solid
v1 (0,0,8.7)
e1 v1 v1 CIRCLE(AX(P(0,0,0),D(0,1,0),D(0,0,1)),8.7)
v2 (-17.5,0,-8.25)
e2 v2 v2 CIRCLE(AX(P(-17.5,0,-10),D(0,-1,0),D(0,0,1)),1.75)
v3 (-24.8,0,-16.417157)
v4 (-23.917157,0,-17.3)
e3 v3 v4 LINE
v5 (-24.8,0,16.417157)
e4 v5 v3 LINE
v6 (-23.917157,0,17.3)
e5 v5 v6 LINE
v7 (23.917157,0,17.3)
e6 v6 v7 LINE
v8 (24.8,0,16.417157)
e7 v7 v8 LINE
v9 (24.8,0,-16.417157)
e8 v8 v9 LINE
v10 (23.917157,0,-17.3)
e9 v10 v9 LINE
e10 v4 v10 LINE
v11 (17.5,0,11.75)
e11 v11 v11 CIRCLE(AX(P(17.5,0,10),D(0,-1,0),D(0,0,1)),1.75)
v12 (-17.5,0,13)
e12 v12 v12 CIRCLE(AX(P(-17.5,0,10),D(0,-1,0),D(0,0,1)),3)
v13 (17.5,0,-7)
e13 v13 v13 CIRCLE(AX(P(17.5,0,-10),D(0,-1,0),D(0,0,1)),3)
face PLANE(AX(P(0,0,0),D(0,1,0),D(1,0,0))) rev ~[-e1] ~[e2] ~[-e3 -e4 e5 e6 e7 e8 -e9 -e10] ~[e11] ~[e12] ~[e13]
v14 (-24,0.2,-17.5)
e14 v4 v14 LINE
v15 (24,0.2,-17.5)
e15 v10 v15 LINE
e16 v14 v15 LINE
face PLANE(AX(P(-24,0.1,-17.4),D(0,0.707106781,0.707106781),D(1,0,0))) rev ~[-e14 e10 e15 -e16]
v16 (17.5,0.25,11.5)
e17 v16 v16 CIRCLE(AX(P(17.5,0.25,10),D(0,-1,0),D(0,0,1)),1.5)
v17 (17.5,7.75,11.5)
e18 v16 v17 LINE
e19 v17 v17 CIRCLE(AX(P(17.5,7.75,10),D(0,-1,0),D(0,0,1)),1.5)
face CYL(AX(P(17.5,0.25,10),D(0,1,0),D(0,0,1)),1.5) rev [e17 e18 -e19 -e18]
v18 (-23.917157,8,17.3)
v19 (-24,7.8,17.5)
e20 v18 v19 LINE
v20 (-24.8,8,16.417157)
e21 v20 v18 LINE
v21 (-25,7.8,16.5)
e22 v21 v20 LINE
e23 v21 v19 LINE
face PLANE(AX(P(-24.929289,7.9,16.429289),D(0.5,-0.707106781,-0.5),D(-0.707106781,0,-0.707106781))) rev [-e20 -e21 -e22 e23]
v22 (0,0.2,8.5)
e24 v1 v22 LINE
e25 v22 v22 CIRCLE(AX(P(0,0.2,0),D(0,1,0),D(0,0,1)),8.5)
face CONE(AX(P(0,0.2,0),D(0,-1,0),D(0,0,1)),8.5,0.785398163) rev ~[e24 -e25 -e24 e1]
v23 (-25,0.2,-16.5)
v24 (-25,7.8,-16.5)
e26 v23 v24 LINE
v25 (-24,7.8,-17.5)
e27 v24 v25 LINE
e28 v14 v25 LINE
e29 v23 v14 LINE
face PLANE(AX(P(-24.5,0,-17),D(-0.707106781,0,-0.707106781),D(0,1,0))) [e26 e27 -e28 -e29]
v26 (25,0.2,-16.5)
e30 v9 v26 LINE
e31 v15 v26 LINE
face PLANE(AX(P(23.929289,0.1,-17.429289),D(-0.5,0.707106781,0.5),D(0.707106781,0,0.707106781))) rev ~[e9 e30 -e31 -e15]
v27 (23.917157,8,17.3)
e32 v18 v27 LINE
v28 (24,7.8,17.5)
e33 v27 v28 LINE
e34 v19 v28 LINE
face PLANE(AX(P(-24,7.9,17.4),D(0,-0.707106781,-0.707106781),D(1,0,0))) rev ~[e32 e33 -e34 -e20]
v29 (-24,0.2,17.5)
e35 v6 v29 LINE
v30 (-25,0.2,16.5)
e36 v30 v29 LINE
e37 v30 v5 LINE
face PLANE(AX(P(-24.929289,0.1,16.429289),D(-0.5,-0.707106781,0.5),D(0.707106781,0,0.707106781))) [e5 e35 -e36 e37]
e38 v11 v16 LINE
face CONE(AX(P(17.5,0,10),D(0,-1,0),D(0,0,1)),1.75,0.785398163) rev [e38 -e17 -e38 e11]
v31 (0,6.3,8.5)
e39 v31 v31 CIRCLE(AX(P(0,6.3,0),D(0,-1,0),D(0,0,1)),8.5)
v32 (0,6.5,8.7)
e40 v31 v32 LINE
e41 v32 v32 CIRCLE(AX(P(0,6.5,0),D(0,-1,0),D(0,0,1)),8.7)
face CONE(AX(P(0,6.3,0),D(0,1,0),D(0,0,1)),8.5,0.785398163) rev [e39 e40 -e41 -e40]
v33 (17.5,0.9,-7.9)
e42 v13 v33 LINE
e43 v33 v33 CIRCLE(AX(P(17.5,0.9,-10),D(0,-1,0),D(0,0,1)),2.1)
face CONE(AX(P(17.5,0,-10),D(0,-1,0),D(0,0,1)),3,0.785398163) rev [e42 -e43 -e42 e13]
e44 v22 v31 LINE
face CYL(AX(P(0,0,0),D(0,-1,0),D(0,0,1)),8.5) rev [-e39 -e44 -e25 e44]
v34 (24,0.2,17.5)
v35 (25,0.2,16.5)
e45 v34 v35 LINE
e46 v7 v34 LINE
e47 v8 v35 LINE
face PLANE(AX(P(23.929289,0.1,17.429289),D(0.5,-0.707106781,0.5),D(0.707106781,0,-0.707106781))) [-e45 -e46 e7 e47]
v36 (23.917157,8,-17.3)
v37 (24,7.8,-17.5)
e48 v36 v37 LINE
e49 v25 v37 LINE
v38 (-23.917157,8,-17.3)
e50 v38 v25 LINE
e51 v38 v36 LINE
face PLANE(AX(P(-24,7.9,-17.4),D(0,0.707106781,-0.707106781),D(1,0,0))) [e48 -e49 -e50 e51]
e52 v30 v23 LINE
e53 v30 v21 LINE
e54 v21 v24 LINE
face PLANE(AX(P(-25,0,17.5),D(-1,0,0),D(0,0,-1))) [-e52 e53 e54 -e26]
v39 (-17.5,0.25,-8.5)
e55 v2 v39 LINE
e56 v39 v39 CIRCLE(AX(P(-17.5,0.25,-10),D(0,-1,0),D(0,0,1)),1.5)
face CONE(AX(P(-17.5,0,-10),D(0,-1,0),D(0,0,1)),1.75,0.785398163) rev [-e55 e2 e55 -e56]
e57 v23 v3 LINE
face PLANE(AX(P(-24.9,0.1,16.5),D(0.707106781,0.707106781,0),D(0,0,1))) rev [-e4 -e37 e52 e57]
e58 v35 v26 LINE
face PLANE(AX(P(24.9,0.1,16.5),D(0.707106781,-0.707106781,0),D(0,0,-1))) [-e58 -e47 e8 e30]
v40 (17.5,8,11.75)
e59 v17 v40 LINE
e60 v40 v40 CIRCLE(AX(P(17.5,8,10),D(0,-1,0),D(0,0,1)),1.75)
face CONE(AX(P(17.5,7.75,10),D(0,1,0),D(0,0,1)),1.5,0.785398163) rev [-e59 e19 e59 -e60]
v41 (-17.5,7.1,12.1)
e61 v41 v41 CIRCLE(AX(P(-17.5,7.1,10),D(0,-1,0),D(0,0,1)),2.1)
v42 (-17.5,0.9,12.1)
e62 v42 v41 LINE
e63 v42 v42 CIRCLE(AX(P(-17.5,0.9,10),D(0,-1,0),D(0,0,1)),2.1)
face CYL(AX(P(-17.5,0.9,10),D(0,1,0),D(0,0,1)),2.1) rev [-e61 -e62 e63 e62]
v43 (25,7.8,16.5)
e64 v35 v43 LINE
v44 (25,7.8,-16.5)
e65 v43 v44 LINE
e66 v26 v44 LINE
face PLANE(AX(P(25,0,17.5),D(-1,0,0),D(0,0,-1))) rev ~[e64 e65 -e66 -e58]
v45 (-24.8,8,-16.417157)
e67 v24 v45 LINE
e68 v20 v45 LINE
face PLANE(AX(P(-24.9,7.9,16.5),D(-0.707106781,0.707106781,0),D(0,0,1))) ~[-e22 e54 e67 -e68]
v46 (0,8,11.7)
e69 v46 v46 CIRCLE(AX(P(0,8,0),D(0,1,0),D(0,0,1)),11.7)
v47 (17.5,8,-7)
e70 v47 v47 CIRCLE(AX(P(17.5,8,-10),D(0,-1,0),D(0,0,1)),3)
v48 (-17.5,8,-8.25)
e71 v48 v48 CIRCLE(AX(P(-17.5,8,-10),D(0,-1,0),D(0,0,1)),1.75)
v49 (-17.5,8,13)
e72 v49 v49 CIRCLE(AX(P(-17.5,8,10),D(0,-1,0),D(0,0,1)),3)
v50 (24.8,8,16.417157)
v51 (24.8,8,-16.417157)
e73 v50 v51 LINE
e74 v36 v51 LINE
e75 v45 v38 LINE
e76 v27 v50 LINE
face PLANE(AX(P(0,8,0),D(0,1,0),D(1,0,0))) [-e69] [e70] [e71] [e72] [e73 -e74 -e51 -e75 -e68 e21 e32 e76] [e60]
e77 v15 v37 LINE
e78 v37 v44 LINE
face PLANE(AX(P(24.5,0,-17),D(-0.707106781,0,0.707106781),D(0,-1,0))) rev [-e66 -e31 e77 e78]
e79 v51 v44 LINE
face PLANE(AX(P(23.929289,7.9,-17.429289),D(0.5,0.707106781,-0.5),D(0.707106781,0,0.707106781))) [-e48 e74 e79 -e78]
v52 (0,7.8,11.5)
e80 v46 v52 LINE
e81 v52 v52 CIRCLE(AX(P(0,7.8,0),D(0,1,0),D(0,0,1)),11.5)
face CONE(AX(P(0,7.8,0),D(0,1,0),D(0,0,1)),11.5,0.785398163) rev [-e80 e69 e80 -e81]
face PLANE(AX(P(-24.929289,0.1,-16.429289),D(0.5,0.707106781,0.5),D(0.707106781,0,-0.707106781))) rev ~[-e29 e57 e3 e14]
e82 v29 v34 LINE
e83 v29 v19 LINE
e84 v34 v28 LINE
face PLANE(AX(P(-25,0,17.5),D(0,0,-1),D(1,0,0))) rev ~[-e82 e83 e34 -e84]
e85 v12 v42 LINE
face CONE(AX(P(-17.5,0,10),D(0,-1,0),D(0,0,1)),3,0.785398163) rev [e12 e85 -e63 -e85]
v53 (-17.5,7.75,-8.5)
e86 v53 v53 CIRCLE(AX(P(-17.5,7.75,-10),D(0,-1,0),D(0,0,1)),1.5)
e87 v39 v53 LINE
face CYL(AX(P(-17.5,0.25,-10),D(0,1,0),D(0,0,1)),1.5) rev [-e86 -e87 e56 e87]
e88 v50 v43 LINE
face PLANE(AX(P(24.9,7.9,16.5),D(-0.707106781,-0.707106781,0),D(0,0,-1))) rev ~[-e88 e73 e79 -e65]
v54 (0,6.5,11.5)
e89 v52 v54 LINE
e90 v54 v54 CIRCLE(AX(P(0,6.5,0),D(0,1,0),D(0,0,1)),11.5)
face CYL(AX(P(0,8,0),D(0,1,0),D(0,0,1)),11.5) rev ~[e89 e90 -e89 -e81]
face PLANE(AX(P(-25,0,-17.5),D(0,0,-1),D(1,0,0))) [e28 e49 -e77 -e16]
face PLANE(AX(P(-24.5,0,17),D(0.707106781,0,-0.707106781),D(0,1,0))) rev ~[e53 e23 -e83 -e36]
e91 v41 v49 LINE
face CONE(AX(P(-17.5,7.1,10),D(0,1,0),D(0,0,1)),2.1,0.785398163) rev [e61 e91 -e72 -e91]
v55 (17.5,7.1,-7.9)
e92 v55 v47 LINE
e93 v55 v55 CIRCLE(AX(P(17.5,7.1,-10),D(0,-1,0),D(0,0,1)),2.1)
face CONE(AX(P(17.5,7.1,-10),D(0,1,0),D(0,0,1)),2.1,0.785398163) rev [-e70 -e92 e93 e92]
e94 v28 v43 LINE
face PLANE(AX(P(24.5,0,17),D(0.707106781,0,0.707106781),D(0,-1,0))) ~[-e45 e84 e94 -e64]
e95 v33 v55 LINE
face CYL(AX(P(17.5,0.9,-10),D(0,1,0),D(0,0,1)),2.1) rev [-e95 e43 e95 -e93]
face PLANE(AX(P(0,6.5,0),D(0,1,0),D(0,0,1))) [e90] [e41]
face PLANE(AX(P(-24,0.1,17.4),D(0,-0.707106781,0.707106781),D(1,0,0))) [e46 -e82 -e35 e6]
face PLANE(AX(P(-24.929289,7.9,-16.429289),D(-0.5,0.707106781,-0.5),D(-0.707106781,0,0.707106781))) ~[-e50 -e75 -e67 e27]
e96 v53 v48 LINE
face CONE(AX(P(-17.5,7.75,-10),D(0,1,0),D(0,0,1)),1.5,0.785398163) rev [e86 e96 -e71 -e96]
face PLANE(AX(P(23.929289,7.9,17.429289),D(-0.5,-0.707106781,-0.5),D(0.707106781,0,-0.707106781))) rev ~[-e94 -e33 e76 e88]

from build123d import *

# Parameters (mm, degrees)
SKETCH1_W                      = 50
SKETCH1_H                      = 35
SKETCH1_R                      = 8.5
BOSS_EXTRUDE1_DEPTH            = 8
F_3_0MM_DOWEL_HOLE1_AT_2_COUNT = 2
F_3_0MM_DOWEL_HOLE1_AT_2_PITCH = 40.311288741
M5X0_8_TAPPED_HOLE1_AT_2_COUNT = 2
M5X0_8_TAPPED_HOLE1_AT_2_PITCH = 40.311288741
SKETCH6_R                      = 11.5
CUT_EXTRUDE1_DEPTH             = 1.5
CHAMFER1_SIZE                  = 1
CHAMFER2_SIZE                  = 0.2


with BuildPart() as part:
    # Sketch1 → Boss-Extrude1 (new body)
    with BuildSketch(Plane(origin=(0, 0, 0), x_dir=(1, 0, 0), z_dir=(0, 1, 0))):
        Rectangle(SKETCH1_W, SKETCH1_H)
        with Locations(Location((0, 0, 0), (0, 0, 270))):
            Circle(SKETCH1_R, mode=Mode.SUBTRACT)
    extrude(amount=BOSS_EXTRUDE1_DEPTH)

    # Sketch3 → Ø3.0mm Dowel Hole1 (revolve, cut)
    with BuildSketch(Plane(origin=(-17.5, 8, -10), x_dir=(0, 0, 1), z_dir=(1, 0, 0))):
        Polygon((0, 0), (0, 8), (1.75, 8), (1.5, 7.75), (1.5, 0.25), (1.75, 0), align=None)
    f_3_0mm_dowel_hole1 = revolve(axis=Axis((-17.5, 14.35, -10), (0, -1, 0)), mode=Mode.SUBTRACT)

    # Ø3.0mm Dowel Hole1 at 2: Ø3.0mm Dowel Hole1 ×2
    with Locations(*[Vector(0.8682431421244593, 0, 0.49613893835683387) * (i * F_3_0MM_DOWEL_HOLE1_AT_2_PITCH) for i in range(1, F_3_0MM_DOWEL_HOLE1_AT_2_COUNT)]):
        add(f_3_0mm_dowel_hole1, mode=Mode.SUBTRACT)

    # Sketch5 → M5x0.8 Tapped Hole1 (revolve, cut)
    with BuildSketch(Plane(origin=(17.5, 8, -10), x_dir=(0, 0, 1), z_dir=(1, 0, 0))):
        Polygon((0, 0), (0, 8), (3, 8), (2.1, 7.1), (2.1, 0.9), (3, 0), align=None)
    m5x0_8_tapped_hole1 = revolve(axis=Axis((17.5, 14.35, -10), (0, -1, 0)), mode=Mode.SUBTRACT)

    # M5x0.8 Tapped Hole1 at 2: M5x0.8 Tapped Hole1 ×2
    with Locations(*[Vector(-0.8682431421244593, 0, 0.49613893835683387) * (i * M5X0_8_TAPPED_HOLE1_AT_2_PITCH) for i in range(1, M5X0_8_TAPPED_HOLE1_AT_2_COUNT)]):
        add(m5x0_8_tapped_hole1, mode=Mode.SUBTRACT)

    # Sketch6 → Cut-Extrude1 (cut)
    with BuildSketch(Plane(origin=(0, 8, 0), x_dir=(1, 0, 0), z_dir=(0, 1, 0))):
        with Locations(Location((0, 0, 0), (0, 0, 270))):
            Circle(SKETCH6_R)
    extrude(amount=-CUT_EXTRUDE1_DEPTH, mode=Mode.SUBTRACT)

    # Chamfer1
    chamfer1_edges = [part.edges().sort_by_distance(p)[0] for p in [
        (-25, 4, -17.5),
        (25, 4, -17.5),
        (25, 4, 17.5),
        (-25, 4, 17.5),
    ]]
    chamfer(chamfer1_edges, length=CHAMFER1_SIZE)

    # Chamfer2
    chamfer2_edges = [part.edges().sort_by_distance(p)[0] for p in [
        (0, 0, -8.5),
        (0, 6.5, -8.5),
        (0, 8, -11.5),
        (0, 0, -17.5),
        (0, 8, -17.5),
        (-25, 0, 0),
        (25, 0, 0),
        (0, 0, 17.5),
        (-24.5, 0, 17),
        (-24.5, 0, -17),
        (24.5, 0, 17),
        (24.5, 0, -17),
        (25, 8, 0),
        (-25, 8, 0),
        (0, 8, 17.5),
        (-24.5, 8, 17),
        (-24.5, 8, -17),
        (24.5, 8, 17),
        (24.5, 8, -17),
    ]]
    chamfer(chamfer2_edges, length=CHAMFER2_SIZE)


solid = part.part
